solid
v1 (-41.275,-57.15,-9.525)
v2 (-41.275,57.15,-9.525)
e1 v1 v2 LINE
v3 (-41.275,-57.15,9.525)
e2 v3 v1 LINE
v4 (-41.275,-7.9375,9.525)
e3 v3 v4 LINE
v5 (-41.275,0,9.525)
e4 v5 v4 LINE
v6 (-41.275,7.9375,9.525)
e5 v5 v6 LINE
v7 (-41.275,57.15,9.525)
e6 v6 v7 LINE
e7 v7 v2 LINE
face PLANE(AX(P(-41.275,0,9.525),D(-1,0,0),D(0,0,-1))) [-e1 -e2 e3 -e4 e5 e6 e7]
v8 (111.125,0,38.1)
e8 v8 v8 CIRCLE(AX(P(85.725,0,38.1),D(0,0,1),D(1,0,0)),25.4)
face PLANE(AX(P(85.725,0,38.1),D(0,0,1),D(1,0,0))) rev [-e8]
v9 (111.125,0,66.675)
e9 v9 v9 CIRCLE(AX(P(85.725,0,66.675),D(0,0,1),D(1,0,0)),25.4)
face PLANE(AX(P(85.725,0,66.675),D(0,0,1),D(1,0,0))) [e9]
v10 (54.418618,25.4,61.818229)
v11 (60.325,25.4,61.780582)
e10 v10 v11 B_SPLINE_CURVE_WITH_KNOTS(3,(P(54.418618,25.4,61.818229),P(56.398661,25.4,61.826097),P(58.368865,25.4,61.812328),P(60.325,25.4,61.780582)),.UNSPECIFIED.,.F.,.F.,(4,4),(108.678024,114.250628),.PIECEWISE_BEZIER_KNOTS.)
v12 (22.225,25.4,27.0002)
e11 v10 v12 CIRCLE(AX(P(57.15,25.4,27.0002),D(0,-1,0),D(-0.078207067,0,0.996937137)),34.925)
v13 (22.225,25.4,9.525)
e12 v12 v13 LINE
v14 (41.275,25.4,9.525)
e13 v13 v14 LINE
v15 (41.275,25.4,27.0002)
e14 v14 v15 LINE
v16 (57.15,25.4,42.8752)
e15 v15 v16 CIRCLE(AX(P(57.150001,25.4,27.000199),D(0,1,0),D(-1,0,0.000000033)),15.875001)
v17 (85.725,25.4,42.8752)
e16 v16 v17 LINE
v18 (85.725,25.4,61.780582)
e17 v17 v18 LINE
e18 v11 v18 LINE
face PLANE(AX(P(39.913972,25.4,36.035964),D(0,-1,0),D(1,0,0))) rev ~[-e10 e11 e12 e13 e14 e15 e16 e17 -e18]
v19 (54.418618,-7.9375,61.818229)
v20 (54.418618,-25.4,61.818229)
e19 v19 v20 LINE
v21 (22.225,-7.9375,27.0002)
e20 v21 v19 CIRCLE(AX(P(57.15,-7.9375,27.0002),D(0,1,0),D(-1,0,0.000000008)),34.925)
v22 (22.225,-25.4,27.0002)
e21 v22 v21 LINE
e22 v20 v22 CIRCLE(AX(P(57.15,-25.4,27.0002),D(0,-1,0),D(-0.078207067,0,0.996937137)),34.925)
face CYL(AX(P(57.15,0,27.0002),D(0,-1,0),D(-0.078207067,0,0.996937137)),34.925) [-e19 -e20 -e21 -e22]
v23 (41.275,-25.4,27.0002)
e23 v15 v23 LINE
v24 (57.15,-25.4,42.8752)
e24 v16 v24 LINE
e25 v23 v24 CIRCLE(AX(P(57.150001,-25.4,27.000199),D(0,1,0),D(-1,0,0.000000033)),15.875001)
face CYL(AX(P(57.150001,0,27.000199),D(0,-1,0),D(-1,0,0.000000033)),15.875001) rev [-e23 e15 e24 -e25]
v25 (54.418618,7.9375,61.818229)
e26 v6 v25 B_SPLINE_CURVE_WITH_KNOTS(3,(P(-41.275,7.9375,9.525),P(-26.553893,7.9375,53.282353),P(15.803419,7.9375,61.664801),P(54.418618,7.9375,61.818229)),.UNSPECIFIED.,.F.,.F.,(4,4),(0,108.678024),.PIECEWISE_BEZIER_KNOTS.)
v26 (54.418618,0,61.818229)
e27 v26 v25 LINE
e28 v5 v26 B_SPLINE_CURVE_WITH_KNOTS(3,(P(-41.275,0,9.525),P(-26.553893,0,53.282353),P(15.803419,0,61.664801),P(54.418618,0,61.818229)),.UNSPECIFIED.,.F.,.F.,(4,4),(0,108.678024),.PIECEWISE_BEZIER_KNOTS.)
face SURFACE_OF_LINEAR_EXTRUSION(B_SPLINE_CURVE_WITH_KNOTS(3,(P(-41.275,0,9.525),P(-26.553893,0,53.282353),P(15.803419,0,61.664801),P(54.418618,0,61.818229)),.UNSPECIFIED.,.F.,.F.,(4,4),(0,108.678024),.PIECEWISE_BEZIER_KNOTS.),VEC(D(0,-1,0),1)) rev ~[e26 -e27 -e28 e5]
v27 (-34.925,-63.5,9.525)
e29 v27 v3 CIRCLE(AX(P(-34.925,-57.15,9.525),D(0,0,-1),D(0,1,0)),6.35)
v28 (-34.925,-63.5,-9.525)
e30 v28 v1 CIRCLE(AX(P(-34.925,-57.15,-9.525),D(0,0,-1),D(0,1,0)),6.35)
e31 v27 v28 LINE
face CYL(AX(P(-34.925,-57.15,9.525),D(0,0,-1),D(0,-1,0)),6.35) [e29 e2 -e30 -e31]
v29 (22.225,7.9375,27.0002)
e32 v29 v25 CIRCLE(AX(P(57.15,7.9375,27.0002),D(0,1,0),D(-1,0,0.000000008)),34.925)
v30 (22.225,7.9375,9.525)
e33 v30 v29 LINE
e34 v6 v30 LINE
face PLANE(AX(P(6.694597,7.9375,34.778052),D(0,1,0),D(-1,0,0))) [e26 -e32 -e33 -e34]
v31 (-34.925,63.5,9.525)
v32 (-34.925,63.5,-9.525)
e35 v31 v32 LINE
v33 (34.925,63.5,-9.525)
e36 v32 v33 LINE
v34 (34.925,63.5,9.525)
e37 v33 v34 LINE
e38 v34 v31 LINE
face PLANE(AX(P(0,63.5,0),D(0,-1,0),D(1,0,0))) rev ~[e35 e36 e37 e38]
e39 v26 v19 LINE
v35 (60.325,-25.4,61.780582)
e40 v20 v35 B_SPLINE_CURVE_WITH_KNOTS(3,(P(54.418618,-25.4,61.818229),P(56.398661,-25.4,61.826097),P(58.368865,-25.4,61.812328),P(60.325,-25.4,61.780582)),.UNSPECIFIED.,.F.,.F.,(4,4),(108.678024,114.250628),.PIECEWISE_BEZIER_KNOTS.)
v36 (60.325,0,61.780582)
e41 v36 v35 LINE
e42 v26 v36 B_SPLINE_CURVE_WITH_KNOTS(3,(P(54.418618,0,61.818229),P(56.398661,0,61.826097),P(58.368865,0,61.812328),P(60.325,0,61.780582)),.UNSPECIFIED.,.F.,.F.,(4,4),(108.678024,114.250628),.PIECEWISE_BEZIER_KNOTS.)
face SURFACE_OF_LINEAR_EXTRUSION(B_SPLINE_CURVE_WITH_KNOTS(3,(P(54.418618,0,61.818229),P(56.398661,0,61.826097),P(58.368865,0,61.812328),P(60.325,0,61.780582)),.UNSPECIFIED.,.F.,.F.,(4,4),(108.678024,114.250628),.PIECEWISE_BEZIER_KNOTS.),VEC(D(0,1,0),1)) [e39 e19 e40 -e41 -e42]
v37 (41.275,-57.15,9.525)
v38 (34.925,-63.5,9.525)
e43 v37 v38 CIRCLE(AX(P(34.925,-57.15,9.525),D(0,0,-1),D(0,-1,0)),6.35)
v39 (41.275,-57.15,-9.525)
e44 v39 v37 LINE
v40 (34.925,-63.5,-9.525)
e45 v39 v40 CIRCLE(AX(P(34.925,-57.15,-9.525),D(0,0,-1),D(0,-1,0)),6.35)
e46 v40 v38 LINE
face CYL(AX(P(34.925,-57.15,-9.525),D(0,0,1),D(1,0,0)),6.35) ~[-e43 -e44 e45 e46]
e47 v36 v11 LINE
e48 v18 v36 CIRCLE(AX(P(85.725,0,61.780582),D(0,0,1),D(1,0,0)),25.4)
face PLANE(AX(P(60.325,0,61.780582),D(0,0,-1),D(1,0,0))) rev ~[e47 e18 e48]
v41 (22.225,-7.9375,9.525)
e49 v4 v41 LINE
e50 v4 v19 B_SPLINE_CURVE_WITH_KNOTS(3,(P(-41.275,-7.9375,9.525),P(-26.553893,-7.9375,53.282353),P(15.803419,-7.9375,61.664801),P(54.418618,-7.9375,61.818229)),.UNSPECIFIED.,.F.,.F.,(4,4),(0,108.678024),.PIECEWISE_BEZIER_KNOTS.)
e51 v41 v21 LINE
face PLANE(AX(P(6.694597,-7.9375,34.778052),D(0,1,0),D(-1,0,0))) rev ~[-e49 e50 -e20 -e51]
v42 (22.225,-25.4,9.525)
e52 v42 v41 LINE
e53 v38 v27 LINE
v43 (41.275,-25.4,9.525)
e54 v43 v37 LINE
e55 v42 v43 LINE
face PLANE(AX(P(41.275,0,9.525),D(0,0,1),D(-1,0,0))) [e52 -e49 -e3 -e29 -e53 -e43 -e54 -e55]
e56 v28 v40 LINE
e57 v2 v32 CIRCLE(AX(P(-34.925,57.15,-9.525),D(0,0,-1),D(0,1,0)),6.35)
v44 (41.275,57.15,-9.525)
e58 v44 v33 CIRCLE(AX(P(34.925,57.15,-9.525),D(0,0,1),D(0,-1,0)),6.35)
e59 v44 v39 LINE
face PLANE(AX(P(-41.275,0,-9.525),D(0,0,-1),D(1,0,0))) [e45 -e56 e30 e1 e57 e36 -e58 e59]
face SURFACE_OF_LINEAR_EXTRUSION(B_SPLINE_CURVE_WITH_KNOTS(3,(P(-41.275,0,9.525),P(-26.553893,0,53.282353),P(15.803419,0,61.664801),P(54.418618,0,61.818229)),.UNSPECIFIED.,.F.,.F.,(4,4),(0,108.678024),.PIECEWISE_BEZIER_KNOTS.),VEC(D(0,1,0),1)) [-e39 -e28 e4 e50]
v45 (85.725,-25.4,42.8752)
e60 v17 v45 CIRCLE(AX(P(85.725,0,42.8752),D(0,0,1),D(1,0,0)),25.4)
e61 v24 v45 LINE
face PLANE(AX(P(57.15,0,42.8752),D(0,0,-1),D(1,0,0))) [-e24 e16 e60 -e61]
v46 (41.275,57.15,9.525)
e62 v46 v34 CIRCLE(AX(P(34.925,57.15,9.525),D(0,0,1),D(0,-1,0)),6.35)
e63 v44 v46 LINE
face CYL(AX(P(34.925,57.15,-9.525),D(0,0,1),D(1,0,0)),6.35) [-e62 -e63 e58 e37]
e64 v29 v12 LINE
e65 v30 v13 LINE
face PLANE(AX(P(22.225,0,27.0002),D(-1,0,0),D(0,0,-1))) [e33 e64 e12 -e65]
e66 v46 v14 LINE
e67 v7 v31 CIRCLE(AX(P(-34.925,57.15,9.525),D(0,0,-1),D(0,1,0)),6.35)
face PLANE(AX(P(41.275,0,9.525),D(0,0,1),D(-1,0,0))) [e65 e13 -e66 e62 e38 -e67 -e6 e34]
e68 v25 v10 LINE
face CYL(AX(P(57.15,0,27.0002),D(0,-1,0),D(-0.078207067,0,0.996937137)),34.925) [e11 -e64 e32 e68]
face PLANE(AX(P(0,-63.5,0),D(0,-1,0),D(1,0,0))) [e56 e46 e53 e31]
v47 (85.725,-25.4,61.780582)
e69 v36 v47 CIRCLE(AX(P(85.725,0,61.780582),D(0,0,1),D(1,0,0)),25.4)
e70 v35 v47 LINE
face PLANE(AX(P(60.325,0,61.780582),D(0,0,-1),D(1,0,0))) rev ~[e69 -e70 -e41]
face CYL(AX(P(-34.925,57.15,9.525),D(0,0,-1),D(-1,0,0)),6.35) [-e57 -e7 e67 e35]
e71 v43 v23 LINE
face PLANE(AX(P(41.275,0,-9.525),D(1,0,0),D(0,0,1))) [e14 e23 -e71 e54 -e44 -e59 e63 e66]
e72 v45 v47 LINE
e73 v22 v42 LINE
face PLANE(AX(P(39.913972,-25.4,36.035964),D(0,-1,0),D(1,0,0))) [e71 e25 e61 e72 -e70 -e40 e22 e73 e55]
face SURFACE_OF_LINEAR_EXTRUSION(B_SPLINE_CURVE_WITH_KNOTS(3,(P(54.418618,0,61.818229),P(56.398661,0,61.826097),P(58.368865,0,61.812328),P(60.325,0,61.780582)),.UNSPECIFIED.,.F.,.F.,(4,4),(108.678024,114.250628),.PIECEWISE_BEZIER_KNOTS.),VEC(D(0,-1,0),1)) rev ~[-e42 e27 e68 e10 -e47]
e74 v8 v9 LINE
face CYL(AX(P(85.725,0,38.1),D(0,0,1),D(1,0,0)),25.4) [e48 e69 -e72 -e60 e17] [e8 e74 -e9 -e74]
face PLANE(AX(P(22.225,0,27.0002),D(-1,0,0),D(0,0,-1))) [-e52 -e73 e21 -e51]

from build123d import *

# Parameters (mm, degrees)
F1_DEPTH = 63.5
F0_W     = 25.4
F0_H     = 18.905382
F2_DEPTH = 25.4
F3_DEPTH = 7.9375
F5_R     = 6.35


with BuildPart() as f1:
    # F0 (on Front) → F1 (new body, symmetric)
    with BuildSketch(Plane.XZ):
        Polygon((-41.275, -9.525), (41.275, -9.525), (41.275, 9.525), (22.225, 9.525), (-41.275, 9.525), align=None)
    extrude(amount=F1_DEPTH, both=True)

    # F0 (on Front) → F2 (join, symmetric)
    with BuildSketch(Plane.XZ):
        with BuildLine():
            Line((22.225, 9.525), (41.275, 9.525))
            Line((41.275, 9.525), (41.275, 27.0002))
            ThreePointArc((41.275, 27.0002), (45.92468, 38.22552), (57.15, 42.8752))
            Line((57.15, 42.8752), (60.325, 42.8752))
            Line((60.325, 42.8752), (60.325, 61.780582))
            add(Edge.make_bspline(
                [(54.418618, 61.818229), (56.398661, 61.826097), (58.368865, 61.812328), (60.325, 61.780582)],
                knots=[108.678024, 108.678024, 108.678024, 108.678024, 114.250628, 114.250628, 114.250628, 114.250628], degree=3))
            ThreePointArc((54.418618, 61.818229), (31.506783, 50.710557), (22.225, 27.0002))
            Line((22.225, 27.0002), (22.225, 9.525))
        make_face()
        with Locations((73.025, 52.327891)):
            Rectangle(F0_W, F0_H)
    extrude(amount=F2_DEPTH, both=True)

    # F0 (on Front) → F3 (join, symmetric)
    with BuildSketch(Plane.XZ):
        with BuildLine():
            add(Edge.make_bspline(
                [(-41.275, 9.525), (-26.553893, 53.282353), (15.803419, 61.664801), (54.418618, 61.818229)],
                knots=[0, 0, 0, 0, 108.678024, 108.678024, 108.678024, 108.678024], degree=3))
            Line((-41.275, 9.525), (22.225, 9.525))
            Line((22.225, 9.525), (22.225, 27.0002))
            ThreePointArc((22.225, 27.0002), (31.506783, 50.710557), (54.418618, 61.818229))
        make_face()
    extrude(amount=F3_DEPTH, both=True)

    # F0 (on Front) → F4 (revolve)
    with BuildSketch(Plane.XZ):
        Polygon((85.725, 66.675), (85.725, 61.780582), (85.725, 42.8752), (85.725, 38.1), (111.125, 38.1), (111.125, 66.675), align=None)
    revolve(axis=Axis((85.725, 0, 52.3875), (0, 0, 1)))

    # F5
    f5_edges = [f1.edges().sort_by_distance(p)[0] for p in [
        (41.275, -63.5, 0),
        (-41.275, -63.5, 0),
        (-41.275, 63.5, 0),
        (41.275, 63.5, 0),
    ]]
    fillet(f5_edges, radius=F5_R)


solid = f1.part
